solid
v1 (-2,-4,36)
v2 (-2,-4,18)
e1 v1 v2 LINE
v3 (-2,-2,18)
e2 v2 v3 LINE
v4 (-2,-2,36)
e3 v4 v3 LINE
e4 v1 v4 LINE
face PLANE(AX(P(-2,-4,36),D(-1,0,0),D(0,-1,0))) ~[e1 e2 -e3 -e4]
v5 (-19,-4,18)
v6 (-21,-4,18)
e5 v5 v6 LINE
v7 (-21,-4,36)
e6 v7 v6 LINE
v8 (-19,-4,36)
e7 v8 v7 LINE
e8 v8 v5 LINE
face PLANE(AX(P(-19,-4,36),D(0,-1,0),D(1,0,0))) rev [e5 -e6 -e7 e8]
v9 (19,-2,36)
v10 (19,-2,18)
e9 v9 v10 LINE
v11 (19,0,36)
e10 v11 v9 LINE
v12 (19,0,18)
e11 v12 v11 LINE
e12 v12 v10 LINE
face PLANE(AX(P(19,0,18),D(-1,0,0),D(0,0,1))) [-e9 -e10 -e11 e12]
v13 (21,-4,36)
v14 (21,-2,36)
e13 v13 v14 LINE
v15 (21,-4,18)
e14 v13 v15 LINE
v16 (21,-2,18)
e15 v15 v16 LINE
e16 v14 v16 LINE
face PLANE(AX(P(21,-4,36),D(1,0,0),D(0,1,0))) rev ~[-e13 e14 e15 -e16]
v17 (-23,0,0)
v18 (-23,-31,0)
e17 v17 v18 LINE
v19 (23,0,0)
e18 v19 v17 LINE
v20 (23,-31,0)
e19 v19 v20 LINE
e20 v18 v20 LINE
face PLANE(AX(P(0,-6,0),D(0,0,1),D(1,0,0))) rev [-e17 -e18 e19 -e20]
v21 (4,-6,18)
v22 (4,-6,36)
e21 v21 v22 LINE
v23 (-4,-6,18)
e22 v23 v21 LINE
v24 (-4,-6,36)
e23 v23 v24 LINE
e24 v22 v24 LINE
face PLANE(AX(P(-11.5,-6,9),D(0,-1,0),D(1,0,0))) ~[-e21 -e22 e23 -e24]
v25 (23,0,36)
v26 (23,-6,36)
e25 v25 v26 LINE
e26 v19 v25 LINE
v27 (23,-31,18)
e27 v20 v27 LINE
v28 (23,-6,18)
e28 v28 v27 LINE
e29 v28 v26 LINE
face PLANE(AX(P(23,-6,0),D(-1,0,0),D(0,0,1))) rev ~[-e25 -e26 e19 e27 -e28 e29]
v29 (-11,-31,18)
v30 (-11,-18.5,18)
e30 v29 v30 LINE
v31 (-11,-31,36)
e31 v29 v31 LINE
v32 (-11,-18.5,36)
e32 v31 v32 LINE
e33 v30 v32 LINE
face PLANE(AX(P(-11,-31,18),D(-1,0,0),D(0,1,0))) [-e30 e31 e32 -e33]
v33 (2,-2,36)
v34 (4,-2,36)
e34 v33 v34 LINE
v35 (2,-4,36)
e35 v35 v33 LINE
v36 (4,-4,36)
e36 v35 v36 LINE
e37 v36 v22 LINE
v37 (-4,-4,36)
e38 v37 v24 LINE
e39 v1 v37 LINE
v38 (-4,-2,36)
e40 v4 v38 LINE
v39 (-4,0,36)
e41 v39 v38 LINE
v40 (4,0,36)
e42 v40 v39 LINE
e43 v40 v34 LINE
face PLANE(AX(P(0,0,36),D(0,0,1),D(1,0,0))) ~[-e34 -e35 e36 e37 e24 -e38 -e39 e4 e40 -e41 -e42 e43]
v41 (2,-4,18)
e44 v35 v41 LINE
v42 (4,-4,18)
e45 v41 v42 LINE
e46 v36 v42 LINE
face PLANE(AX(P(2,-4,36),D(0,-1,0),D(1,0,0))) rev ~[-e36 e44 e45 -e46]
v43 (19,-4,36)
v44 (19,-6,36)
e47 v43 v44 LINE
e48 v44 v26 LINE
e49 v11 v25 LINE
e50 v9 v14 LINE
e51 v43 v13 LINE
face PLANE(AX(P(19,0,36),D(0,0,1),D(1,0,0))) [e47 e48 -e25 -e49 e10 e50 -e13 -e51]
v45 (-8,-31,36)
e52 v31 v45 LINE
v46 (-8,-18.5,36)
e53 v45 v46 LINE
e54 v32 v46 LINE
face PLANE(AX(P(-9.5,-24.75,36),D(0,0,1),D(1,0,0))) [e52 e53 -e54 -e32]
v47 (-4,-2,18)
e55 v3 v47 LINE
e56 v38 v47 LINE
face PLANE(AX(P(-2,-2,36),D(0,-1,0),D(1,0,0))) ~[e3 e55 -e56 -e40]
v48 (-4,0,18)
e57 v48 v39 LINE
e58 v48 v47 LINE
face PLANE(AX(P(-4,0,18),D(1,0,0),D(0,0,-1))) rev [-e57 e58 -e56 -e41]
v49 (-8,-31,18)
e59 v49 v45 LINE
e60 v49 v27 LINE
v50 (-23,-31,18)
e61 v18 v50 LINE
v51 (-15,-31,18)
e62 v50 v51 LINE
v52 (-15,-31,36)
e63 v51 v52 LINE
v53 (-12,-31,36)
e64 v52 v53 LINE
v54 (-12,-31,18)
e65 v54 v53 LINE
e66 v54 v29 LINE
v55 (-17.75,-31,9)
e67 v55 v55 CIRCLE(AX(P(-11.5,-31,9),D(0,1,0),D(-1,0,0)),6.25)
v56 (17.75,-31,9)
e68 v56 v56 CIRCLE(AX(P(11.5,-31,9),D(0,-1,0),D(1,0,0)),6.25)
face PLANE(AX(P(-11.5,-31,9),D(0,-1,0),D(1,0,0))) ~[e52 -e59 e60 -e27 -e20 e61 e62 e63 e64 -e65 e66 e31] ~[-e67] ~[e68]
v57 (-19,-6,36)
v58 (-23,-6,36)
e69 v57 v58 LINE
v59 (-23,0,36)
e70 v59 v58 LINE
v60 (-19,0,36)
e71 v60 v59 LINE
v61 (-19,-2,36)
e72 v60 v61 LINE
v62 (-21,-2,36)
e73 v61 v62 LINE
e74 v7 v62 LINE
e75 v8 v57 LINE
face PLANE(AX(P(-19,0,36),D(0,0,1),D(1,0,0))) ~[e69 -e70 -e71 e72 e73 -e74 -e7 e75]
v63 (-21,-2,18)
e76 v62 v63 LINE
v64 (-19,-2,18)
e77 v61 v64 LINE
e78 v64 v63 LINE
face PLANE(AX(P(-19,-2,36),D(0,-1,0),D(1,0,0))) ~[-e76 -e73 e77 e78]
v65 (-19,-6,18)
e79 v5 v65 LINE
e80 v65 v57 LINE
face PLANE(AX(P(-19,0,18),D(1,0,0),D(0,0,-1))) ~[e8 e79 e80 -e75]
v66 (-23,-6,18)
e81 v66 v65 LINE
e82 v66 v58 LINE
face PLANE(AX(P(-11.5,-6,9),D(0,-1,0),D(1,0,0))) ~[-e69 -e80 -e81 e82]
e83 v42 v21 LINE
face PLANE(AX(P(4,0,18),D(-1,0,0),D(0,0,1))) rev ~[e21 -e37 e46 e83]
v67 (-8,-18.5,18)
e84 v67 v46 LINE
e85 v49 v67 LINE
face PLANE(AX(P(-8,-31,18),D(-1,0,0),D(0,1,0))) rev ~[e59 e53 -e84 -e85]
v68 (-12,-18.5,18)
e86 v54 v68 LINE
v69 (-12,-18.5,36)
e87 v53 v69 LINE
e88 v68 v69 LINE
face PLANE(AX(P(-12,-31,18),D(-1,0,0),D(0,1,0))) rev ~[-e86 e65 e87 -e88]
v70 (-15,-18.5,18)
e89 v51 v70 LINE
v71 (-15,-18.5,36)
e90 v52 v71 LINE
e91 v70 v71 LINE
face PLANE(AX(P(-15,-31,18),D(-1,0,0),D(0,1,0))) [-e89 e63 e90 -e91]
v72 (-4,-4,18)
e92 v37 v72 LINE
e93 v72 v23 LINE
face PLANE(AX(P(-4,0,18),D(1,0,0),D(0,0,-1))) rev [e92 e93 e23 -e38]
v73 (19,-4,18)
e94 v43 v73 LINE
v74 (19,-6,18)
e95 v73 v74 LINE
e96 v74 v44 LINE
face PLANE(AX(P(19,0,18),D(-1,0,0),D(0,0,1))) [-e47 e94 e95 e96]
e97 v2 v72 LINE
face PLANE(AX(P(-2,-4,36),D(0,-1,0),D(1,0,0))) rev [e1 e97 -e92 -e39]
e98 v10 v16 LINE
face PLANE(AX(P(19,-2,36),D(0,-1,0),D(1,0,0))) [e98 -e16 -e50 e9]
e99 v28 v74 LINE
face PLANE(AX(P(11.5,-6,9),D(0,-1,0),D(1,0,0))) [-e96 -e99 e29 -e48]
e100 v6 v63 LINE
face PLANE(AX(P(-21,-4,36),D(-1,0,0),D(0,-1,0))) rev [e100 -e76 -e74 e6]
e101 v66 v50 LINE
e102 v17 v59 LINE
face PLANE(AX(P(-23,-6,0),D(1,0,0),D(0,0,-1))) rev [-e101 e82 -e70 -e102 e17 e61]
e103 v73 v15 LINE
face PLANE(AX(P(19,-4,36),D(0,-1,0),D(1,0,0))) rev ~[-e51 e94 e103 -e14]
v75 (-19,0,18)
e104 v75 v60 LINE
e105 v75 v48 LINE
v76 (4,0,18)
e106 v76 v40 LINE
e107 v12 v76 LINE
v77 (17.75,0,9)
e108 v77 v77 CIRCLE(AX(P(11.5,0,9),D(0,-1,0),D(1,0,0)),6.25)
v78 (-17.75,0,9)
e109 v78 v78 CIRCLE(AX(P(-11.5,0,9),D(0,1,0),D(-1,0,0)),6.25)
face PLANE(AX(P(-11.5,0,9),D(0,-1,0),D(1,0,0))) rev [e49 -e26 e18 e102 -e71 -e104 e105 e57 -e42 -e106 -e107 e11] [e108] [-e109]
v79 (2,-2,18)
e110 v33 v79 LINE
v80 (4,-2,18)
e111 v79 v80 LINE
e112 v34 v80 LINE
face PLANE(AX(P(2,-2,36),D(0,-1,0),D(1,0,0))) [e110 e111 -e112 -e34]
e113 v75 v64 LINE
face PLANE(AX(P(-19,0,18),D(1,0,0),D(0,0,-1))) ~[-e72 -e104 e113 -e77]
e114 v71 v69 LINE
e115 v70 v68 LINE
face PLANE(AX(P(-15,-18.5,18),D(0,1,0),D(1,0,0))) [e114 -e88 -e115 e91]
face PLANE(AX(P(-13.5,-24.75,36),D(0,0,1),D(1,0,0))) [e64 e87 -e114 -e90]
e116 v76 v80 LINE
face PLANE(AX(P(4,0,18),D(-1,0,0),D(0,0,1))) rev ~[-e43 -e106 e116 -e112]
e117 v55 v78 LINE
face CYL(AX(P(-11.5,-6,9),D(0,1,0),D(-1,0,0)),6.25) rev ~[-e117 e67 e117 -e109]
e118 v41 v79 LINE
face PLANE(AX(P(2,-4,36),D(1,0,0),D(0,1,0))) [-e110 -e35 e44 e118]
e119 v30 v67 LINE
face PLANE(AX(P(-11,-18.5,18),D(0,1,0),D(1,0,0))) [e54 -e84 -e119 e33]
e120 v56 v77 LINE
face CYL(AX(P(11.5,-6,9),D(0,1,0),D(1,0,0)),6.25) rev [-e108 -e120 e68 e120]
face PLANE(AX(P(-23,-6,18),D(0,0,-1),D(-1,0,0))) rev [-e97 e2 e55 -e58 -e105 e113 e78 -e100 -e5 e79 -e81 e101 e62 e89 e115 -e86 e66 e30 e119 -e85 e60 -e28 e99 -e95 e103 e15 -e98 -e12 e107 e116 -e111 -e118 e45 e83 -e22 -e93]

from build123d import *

# Parameters (mm, degrees)
F0_R     = 6.25
F0_W     = 4
F0_H     = 18
F1_DEPTH = 6
F3_W     = 2
F3_H     = 2
F2_W     = 2
F2_H     = 2
F4_DEPTH = 18
F5_R     = 6.25
F6_DEPTH = 25
F8_W     = 3
F8_H     = 12.5
F9_DEPTH = 18


with BuildPart() as f1:
    # F0 (on Front) → F1 (new body)
    with BuildSketch(Plane.XZ):
        Polygon((0, 18), (0, 0), (23, 0), (23, 18), (19, 18), (4, 18), align=None)
        with Locations((11.5, 9)):
            Circle(F0_R, mode=Mode.SUBTRACT)
        with Locations((2, 27)):
            Rectangle(F0_W, F0_H)
        with Locations((21, 27)):
            Rectangle(F0_W, F0_H)
    extrude(amount=F1_DEPTH)

    # F3 (on face) + F2 (on face) → F4 (cut)
    with BuildSketch(Plane.XY.offset(36)):
        with Locations((20, -3)):
            Rectangle(F3_W, F3_H)
    with BuildSketch(Plane.XY.offset(36)):
        with Locations((3, -3)):
            Rectangle(F2_W, F2_H)
    extrude(amount=-F4_DEPTH, mode=Mode.SUBTRACT)

    # F5 (on face) → F6 (join)
    with BuildSketch(Plane.XZ.offset(6)):
        Polygon((19, 18), (4, 18), (0, 18), (0, 0), (23, 0), (23, 18), align=None)
        with Locations((11.5, 9)):
            Circle(F5_R, mode=Mode.SUBTRACT)
    extrude(amount=F6_DEPTH)

    # F7: F1 across plane


with BuildPart() as f1_1:
    add(f1.part)
    add(f1.part.mirror(Plane.YZ))

    # F8 (on face) → F9 (join)
    with BuildSketch(Plane.XY.offset(18)):
        with Locations((-13.5, -24.75)):
            Rectangle(F8_W, F8_H)
        with Locations((-9.5, -24.75)):
            Rectangle(F8_W, F8_H)
    extrude(amount=F9_DEPTH)


solid = f1_1.part
